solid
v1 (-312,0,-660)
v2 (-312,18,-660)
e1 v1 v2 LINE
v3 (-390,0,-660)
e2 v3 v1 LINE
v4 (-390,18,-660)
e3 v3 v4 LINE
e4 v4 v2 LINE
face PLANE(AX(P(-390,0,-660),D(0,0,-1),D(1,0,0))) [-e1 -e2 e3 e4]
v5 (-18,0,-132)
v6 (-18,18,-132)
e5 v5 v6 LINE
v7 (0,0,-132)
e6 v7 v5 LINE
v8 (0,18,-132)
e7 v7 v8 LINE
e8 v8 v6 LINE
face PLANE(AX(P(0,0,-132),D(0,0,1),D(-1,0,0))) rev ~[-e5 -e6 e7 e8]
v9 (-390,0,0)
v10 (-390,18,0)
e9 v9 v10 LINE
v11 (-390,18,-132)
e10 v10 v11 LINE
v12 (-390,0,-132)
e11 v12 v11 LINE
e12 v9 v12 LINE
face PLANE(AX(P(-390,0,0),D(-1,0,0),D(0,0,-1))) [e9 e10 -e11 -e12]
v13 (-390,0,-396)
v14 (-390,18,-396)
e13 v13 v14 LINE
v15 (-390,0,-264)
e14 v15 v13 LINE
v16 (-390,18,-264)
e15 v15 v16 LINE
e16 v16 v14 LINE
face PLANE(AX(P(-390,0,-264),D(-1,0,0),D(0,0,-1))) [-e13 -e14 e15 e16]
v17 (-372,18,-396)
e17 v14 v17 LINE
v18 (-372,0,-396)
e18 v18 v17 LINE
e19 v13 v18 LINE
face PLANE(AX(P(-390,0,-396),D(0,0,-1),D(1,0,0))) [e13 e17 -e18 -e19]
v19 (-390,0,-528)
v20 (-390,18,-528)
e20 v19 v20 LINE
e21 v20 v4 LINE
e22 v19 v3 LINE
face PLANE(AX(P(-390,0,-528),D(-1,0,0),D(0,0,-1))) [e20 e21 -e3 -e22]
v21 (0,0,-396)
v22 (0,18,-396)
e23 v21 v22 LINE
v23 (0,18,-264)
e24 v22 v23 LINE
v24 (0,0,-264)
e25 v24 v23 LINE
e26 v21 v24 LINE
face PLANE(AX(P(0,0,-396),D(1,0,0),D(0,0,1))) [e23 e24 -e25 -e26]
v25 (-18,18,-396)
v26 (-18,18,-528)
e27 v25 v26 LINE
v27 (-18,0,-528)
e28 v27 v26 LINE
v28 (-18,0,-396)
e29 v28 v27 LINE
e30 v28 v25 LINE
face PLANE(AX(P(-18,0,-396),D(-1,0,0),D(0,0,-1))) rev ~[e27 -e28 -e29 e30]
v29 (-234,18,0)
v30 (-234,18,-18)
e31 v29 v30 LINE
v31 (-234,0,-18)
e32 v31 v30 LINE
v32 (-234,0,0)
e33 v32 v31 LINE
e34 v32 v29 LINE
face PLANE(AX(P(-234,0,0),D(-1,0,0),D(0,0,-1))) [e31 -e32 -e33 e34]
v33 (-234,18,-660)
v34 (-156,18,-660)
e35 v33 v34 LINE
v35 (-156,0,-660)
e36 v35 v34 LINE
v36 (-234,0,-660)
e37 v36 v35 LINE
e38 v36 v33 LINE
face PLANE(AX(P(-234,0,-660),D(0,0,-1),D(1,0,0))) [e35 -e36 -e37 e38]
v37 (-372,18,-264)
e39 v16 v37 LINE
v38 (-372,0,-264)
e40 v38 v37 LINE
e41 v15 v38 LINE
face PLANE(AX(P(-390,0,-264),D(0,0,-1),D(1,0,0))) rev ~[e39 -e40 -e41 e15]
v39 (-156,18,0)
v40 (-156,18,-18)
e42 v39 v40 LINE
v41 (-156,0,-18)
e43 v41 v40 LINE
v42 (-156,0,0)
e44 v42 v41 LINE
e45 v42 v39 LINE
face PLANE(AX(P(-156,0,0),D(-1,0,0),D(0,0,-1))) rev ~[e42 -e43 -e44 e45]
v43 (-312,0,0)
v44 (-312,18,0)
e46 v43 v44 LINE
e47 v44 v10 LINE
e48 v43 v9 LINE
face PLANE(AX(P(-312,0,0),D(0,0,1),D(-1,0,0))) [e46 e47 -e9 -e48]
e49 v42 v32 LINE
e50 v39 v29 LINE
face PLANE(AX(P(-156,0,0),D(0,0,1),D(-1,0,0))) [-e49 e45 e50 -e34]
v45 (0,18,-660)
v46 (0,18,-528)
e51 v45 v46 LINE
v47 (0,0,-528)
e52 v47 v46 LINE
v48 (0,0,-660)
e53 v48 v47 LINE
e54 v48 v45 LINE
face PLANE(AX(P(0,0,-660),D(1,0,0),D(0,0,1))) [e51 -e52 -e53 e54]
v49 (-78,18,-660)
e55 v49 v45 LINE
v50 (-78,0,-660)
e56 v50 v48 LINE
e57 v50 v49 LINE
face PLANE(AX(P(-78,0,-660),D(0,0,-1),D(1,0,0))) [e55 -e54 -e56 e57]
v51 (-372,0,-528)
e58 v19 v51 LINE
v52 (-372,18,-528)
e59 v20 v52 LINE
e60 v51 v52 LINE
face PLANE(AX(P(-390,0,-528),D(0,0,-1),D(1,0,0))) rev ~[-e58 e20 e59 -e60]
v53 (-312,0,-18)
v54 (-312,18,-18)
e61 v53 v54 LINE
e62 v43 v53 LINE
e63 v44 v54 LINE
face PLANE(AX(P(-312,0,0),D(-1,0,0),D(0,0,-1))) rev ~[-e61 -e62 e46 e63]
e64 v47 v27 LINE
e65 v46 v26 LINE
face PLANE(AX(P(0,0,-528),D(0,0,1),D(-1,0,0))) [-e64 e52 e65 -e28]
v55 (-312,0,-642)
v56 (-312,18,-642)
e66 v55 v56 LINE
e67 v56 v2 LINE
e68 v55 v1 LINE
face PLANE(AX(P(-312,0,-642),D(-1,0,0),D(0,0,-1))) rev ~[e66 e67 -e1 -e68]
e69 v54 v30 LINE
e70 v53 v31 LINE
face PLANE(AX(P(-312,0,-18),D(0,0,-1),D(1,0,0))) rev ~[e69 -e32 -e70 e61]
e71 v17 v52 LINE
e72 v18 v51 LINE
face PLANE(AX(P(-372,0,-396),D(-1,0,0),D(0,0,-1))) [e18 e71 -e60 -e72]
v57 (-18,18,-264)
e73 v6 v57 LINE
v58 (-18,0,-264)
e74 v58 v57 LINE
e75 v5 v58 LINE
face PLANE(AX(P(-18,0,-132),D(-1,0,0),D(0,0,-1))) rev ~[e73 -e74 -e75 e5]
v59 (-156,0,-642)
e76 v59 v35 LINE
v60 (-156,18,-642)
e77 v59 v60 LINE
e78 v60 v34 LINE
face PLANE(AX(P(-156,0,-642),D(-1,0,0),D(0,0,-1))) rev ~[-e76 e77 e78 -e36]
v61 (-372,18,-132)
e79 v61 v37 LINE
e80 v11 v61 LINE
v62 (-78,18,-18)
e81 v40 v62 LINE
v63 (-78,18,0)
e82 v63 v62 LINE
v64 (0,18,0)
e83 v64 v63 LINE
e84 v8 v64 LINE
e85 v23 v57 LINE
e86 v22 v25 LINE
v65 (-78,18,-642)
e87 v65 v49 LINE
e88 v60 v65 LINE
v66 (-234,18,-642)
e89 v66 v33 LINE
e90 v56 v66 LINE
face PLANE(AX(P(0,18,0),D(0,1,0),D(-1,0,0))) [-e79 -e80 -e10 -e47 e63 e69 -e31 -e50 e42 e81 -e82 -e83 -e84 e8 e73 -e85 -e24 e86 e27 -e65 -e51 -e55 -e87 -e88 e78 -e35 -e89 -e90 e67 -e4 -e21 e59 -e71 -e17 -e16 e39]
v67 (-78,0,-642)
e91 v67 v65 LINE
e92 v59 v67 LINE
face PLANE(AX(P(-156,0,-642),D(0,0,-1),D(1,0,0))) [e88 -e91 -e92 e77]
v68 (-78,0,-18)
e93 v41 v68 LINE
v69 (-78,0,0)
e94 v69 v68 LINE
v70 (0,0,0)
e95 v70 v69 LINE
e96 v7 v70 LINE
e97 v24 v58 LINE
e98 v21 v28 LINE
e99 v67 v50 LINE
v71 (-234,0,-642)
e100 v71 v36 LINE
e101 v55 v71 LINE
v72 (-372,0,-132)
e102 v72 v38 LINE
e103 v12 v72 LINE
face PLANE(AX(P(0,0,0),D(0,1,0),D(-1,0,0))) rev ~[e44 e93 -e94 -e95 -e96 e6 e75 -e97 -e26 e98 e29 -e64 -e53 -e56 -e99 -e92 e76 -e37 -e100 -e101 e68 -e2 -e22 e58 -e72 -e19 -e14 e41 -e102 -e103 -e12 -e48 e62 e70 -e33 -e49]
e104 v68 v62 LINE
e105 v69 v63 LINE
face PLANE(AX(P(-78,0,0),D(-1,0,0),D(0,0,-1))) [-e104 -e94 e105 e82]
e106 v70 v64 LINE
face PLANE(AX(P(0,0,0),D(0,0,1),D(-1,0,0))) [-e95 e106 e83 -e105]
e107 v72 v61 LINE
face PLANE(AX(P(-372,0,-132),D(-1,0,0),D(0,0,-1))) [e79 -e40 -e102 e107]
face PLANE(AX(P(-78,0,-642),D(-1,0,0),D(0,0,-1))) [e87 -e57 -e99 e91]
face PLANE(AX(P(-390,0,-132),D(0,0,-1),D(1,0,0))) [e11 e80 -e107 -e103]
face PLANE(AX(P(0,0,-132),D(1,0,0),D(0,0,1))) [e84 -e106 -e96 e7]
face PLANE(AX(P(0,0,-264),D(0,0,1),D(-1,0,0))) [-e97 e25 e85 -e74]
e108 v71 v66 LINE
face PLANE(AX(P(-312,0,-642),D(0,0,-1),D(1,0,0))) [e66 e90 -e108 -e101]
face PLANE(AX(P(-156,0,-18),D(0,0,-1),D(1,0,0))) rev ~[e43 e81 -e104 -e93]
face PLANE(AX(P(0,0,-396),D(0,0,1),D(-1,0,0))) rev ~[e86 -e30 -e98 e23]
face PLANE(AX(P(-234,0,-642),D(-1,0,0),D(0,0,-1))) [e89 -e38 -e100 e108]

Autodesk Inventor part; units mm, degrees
ref_plane "YZ Plane" through (0, 0, 0) normal (1, 0, 0) x (0, 1, 0)
ref_plane "XZ Plane" through (0, 0, 0) normal (0, 1, 0) x (-1, 0, 0)
ref_plane "XY Plane" through (0, 0, 0) normal (0, 0, 1) x (1, 0, 0)
sketch "Sketch1" plane through (0, 0, 0) normal (0, 1, 0) x (-1, 0, 0)
  line L0 (0, -132) -> (18, -132)
  line L1 (0, -264) -> (18, -264)
  line L2 (0, -396) -> (18, -396)
  line L3 (0, -528) -> (18, -528)
  line L4 (390, -132) -> (372, -132)
  line L5 (390, -264) -> (372, -264)
  line L6 (390, -396) -> (372, -396)
  line L7 (390, -528) -> (372, -528)
  line L8 (0, -132) -> (0, 0)
  line L9 (0, -660) -> (0, -528)
  line L10 (0, -396) -> (0, -264)
  line L11 (390, 0) -> (390, -132)
  line L12 (390, -264) -> (390, -396)
  line L13 (390, -528) -> (390, -660)
  line L14 (372, -132) -> (372, -264)
  line L15 (372, -396) -> (372, -528)
  line L16 (18, -396) -> (18, -528)
  line L17 (18, -132) -> (18, -264)
  line L18 (78, 0) -> (78, -18)
  line L19 (156, 0) -> (156, -18)
  line L20 (234, 0) -> (234, -18)
  line L21 (312, 0) -> (312, -18)
  line L22 (78, -642) -> (78, -660)
  line L23 (156, -642) -> (156, -660)
  line L24 (234, -642) -> (234, -660)
  line L25 (312, -642) -> (312, -660)
  line L26 (0, 0) -> (78, 0)
  line L27 (156, 0) -> (234, 0)
  line L28 (312, 0) -> (390, 0)
  line L29 (312, -18) -> (234, -18)
  line L30 (156, -18) -> (78, -18)
  line L31 (390, -660) -> (312, -660)
  line L32 (234, -660) -> (156, -660)
  line L33 (78, -660) -> (0, -660)
  line L34 (312, -642) -> (234, -642)
  line L35 (156, -642) -> (78, -642)
  dimension "d0" = 660
  dimension "d1" = 390
  dimension "d7" = 132
  dimension "d8" = 132
  dimension "d9" = 132
  dimension "d12" = 132
  dimension "d13" = 132
  dimension "d14" = 132
  dimension "d16" = 18
  dimension "d17" = 18
  dimension "d18" = 18
  dimension "d19" = 18
  dimension "d20" = 18
  dimension "d21" = 18
  dimension "d22" = 18
  dimension "d23" = 18
  dimension "d24" = 78
  dimension "d25" = 78
  dimension "d26" = 78
  dimension "d27" = 78
  dimension "d28" = 78
  dimension "d29" = 78
  dimension "d30" = 78
  dimension "d31" = 18
  dimension "d32" = 18
  dimension "d33" = 18
  dimension "d34" = 18
  dimension "d35" = 18
  dimension "d36" = 18
  dimension "d37" = 18
  dimension "d38" = 18
  dimension "d39" = 132
  dimension "d40" = 132
extrude "Extrusion1" add sketch "Sketch1" along normal blind 18
properties part number "cajon abajo"
